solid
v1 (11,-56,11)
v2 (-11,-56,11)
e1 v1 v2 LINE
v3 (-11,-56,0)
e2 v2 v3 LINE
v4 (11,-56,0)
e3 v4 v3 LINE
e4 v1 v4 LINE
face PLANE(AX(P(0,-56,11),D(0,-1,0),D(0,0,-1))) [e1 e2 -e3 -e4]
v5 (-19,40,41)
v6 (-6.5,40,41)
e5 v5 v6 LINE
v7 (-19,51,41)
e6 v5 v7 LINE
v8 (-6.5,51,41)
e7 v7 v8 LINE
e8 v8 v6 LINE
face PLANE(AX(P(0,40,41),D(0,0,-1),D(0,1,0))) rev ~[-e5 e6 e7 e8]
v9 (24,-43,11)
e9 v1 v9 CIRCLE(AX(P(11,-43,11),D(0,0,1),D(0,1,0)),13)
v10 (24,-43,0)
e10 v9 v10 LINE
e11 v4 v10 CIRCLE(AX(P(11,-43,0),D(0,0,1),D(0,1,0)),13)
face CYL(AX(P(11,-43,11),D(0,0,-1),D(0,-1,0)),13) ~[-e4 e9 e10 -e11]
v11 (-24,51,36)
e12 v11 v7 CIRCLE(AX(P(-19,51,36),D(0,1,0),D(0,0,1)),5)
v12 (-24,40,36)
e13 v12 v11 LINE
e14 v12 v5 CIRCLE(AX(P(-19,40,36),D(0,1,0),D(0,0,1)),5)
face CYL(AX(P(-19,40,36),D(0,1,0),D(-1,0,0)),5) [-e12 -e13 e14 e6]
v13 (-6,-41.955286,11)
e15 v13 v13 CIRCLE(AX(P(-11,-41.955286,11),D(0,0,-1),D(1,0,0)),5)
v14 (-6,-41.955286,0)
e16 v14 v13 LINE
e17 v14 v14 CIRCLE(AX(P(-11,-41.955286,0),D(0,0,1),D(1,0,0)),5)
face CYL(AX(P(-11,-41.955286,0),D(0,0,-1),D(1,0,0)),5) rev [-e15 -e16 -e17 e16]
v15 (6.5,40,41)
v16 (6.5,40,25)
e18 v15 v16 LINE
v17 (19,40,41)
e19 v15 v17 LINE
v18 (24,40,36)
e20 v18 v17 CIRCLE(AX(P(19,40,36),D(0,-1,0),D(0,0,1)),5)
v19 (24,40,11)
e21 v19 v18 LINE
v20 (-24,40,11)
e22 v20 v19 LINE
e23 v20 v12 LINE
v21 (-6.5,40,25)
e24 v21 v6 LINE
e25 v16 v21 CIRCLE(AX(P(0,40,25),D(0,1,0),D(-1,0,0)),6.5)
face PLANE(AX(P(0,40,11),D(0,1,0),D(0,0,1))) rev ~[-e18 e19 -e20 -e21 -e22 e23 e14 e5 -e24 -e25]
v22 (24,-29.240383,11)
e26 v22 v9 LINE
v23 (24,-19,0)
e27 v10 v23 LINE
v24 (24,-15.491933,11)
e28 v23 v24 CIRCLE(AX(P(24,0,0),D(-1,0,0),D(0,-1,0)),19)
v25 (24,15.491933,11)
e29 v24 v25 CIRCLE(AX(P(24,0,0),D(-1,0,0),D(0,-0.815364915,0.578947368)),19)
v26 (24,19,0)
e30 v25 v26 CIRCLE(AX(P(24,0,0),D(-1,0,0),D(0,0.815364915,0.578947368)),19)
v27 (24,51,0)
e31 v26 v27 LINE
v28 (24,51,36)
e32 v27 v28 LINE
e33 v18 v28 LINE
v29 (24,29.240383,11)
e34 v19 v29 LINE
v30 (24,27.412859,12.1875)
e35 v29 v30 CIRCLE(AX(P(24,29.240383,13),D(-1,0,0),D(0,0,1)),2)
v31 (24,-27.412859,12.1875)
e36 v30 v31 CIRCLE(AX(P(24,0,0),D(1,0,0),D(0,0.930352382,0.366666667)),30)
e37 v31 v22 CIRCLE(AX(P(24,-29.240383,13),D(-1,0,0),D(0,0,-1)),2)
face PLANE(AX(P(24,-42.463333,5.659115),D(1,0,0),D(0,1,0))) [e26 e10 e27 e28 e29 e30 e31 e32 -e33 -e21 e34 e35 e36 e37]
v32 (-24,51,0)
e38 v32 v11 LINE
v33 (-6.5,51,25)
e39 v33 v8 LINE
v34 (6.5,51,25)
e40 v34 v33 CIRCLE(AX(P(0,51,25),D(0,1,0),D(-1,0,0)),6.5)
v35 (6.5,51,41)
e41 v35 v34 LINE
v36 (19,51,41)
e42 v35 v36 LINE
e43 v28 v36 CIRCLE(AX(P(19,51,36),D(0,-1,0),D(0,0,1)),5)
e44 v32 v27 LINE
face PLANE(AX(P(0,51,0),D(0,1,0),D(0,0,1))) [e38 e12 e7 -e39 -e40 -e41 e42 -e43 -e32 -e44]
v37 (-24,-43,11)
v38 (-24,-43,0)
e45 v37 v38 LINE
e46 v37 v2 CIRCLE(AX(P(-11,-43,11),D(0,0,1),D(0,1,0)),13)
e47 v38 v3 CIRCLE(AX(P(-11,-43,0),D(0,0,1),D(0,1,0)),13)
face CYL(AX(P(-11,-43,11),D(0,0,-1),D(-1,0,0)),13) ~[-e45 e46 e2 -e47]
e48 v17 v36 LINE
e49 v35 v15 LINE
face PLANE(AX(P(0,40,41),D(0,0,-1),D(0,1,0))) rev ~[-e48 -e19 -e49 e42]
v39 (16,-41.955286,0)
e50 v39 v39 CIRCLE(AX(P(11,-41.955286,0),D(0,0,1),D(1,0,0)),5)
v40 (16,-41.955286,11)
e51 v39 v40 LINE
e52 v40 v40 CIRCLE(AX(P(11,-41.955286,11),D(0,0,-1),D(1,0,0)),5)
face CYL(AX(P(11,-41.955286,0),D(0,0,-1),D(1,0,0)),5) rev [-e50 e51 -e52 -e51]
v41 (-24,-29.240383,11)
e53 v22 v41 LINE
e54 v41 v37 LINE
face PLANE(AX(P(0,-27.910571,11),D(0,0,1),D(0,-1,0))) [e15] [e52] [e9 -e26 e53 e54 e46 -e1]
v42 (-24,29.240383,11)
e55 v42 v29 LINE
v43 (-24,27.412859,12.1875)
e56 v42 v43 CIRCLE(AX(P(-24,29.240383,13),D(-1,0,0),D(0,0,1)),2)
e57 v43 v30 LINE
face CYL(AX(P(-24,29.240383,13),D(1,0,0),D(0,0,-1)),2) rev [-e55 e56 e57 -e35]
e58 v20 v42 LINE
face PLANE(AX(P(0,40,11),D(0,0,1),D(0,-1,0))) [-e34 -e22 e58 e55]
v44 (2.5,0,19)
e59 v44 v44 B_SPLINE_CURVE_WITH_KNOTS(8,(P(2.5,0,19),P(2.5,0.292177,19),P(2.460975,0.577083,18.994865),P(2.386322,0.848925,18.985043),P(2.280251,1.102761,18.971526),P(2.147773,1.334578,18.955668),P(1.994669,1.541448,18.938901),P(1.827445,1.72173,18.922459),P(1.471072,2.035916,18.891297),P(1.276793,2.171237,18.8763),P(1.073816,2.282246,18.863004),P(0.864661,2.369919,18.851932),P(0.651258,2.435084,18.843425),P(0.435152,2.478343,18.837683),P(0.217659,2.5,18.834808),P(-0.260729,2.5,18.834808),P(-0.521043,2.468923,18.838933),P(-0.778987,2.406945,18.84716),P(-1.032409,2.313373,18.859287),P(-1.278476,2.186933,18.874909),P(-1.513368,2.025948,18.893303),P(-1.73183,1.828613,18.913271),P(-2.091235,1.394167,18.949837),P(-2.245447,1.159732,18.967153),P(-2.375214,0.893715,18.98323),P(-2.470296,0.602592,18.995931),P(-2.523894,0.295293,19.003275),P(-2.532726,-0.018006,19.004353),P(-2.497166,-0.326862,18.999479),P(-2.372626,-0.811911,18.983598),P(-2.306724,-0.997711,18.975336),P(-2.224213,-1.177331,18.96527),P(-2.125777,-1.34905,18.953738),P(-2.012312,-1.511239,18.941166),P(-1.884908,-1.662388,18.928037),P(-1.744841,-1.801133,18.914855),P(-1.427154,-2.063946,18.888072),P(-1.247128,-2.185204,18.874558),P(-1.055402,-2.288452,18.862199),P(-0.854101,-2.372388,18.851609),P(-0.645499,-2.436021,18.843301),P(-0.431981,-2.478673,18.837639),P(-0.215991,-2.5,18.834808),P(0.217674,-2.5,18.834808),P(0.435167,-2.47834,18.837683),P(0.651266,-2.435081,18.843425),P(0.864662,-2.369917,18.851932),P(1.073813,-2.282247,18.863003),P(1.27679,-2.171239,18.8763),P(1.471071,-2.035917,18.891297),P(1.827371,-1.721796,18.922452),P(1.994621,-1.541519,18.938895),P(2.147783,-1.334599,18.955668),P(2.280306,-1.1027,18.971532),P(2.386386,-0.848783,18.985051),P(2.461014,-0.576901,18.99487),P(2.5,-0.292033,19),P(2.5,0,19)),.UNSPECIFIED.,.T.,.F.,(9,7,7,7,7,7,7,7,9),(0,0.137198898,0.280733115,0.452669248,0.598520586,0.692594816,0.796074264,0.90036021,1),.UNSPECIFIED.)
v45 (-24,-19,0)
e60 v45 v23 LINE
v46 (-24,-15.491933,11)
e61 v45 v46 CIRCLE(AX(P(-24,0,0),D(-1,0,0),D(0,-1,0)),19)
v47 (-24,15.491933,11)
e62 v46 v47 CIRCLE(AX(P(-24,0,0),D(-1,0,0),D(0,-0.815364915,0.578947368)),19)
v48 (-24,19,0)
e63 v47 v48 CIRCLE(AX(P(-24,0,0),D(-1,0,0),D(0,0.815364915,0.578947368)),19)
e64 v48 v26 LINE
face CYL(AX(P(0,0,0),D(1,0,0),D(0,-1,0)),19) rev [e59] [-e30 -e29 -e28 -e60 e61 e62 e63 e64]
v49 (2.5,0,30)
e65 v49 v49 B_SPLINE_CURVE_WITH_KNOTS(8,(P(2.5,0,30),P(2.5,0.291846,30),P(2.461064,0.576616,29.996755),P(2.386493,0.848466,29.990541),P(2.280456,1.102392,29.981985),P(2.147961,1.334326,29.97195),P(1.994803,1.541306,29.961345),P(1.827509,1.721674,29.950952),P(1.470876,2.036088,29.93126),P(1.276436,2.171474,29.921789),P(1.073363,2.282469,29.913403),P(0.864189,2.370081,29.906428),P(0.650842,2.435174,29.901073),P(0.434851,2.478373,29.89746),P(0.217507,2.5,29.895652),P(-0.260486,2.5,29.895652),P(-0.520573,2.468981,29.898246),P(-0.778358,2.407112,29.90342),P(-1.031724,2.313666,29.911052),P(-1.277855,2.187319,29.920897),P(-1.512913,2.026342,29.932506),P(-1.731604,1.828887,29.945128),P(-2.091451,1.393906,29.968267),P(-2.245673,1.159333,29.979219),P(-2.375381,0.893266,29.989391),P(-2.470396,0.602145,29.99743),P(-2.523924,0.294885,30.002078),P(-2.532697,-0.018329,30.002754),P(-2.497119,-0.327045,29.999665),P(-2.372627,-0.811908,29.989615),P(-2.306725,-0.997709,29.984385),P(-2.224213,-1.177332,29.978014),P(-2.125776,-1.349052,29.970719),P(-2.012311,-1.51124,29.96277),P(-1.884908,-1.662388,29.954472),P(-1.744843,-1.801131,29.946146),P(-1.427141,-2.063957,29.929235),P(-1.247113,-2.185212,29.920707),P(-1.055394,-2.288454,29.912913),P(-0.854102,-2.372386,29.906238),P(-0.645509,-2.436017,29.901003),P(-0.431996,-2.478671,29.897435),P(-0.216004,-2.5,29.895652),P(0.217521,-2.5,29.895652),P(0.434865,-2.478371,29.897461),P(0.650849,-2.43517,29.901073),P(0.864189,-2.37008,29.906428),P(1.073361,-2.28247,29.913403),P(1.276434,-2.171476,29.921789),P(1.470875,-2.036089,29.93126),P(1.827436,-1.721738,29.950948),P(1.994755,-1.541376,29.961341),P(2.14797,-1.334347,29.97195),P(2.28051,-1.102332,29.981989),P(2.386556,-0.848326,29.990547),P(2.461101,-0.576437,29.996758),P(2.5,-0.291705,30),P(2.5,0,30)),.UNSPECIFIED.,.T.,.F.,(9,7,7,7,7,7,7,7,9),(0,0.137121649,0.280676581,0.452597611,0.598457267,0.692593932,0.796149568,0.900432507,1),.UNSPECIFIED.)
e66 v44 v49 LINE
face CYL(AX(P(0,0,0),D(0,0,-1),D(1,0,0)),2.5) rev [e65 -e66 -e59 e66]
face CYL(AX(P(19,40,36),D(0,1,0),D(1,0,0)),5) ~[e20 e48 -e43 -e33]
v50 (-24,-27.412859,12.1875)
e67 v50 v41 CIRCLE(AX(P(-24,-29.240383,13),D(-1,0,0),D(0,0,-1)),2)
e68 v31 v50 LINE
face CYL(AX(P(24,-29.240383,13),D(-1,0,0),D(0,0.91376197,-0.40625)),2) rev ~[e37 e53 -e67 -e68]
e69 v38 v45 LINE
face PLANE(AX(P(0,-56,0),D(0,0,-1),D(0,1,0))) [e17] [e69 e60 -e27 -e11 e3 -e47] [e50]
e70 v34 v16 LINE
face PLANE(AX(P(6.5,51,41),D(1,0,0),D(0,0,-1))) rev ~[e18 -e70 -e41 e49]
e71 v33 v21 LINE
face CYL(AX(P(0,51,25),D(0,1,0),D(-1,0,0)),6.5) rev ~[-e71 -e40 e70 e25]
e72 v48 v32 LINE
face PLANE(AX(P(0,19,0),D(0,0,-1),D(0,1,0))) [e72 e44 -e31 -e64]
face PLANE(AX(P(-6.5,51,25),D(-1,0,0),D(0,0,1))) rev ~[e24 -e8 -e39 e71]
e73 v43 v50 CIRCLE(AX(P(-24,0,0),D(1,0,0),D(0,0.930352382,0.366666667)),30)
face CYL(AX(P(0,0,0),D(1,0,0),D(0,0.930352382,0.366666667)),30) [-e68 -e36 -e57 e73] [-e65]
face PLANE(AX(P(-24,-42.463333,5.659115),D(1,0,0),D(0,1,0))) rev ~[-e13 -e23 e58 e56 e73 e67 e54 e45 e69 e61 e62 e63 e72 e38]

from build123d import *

# Parameters (mm, degrees)
F0_W     = 11
F0_H     = 30
F1_DEPTH = 24
F3_DEPTH = 11
F4_R     = 5
F4_R_2   = 2.5
F5_DEPTH = 41.001
F6_R     = 13
F7_R     = 5
F8_R     = 2


with BuildPart() as f1:
    # F0 (on Right) → F1 (new body, symmetric)
    with BuildSketch(Plane.YZ):
        with BuildLine():
            Line((-56, 0), (-30, 0))
            ThreePointArc((-30, 0), (-29.4730143031, 5.5983415304), (-27.9105714739, 11))
            Line((-27.9105714739, 11), (-56, 11))
            Line((-56, 11), (-56, 0))
        make_face()
        with Locations((45.5, 26)):
            Rectangle(F0_W, F0_H)
        with BuildLine():
            ThreePointArc((27.9105714739, 11), (29.4730143031, 5.5983415304), (30, 0))
            Line((30, 0), (51, 0))
            Line((51, 0), (51, 11))
            Line((51, 11), (40, 11))
            Line((40, 11), (27.9105714739, 11))
        make_face()
        with BuildLine():
            ThreePointArc((-15.4919333848, 11), (0, 19), (15.4919333848, 11))
            Line((15.4919333848, 11), (27.9105714739, 11))
            ThreePointArc((27.9105714739, 11), (0, 30), (-27.9105714739, 11))
            Line((-27.9105714739, 11), (-15.4919333848, 11))
        make_face()
        with BuildLine():
            ThreePointArc((15.4919333848, 11), (18.1017503893, 5.7729223833), (19, 0))
            Line((19, 0), (30, 0))
            ThreePointArc((30, 0), (29.4730143031, 5.5983415304), (27.9105714739, 11))
            Line((27.9105714739, 11), (15.4919333848, 11))
        make_face()
        with BuildLine():
            Line((-30, 0), (-19, 0))
            ThreePointArc((-19, 0), (-18.1017503893, 5.7729223833), (-15.4919333848, 11))
            Line((-15.4919333848, 11), (-27.9105714739, 11))
            ThreePointArc((-27.9105714739, 11), (-29.4730143031, 5.5983415304), (-30, 0))
        make_face()
    extrude(amount=F1_DEPTH, both=True)

    # F2 (on face) → F3 (cut, through all)
    with BuildSketch(Plane(origin=(0, 51, 0), x_dir=(-1, 0, 0), z_dir=(0, 1, 0))):
        with BuildLine():
            ThreePointArc((-6.5, 25), (0, 31.5), (6.5, 25))
            Line((6.5, 25), (6.5, 41))
            Line((6.5, 41), (-6.5, 41))
            Line((-6.5, 41), (-6.5, 25))
        make_face()
        with BuildLine():
            ThreePointArc((-6.5, 25), (0, 18.5), (6.5, 25))
            ThreePointArc((6.5, 25), (0, 31.5), (-6.5, 25))
        make_face()
    extrude(amount=-F3_DEPTH, mode=Mode.SUBTRACT)

    # F4 (on Top) → F5 (cut, through all)
    with BuildSketch(Plane.XY):
        with Locations((11, -41.955285737)):
            Circle(F4_R)
        with Locations((-11, -41.955285737)):
            Circle(F4_R)
        Circle(F4_R_2)
    extrude(amount=F5_DEPTH, mode=Mode.SUBTRACT)

    # F6
    f6_edges = [f1.edges().sort_by_distance(p)[0] for p in [
        (-24, -56, 5.5),
        (24, -56, 5.5),
    ]]
    fillet(f6_edges, radius=F6_R)

    # F7
    f7_edges = [f1.edges().sort_by_distance(p)[0] for p in [
        (-24, 45.5, 41),
        (24, 45.5, 41),
    ]]
    fillet(f7_edges, radius=F7_R)

    # F8
    f8_edges = [f1.edges().sort_by_distance(p)[0] for p in [
        (0, -27.910571, 11),
        (0, 27.910571, 11),
    ]]
    fillet(f8_edges, radius=F8_R)


solid = f1.part
